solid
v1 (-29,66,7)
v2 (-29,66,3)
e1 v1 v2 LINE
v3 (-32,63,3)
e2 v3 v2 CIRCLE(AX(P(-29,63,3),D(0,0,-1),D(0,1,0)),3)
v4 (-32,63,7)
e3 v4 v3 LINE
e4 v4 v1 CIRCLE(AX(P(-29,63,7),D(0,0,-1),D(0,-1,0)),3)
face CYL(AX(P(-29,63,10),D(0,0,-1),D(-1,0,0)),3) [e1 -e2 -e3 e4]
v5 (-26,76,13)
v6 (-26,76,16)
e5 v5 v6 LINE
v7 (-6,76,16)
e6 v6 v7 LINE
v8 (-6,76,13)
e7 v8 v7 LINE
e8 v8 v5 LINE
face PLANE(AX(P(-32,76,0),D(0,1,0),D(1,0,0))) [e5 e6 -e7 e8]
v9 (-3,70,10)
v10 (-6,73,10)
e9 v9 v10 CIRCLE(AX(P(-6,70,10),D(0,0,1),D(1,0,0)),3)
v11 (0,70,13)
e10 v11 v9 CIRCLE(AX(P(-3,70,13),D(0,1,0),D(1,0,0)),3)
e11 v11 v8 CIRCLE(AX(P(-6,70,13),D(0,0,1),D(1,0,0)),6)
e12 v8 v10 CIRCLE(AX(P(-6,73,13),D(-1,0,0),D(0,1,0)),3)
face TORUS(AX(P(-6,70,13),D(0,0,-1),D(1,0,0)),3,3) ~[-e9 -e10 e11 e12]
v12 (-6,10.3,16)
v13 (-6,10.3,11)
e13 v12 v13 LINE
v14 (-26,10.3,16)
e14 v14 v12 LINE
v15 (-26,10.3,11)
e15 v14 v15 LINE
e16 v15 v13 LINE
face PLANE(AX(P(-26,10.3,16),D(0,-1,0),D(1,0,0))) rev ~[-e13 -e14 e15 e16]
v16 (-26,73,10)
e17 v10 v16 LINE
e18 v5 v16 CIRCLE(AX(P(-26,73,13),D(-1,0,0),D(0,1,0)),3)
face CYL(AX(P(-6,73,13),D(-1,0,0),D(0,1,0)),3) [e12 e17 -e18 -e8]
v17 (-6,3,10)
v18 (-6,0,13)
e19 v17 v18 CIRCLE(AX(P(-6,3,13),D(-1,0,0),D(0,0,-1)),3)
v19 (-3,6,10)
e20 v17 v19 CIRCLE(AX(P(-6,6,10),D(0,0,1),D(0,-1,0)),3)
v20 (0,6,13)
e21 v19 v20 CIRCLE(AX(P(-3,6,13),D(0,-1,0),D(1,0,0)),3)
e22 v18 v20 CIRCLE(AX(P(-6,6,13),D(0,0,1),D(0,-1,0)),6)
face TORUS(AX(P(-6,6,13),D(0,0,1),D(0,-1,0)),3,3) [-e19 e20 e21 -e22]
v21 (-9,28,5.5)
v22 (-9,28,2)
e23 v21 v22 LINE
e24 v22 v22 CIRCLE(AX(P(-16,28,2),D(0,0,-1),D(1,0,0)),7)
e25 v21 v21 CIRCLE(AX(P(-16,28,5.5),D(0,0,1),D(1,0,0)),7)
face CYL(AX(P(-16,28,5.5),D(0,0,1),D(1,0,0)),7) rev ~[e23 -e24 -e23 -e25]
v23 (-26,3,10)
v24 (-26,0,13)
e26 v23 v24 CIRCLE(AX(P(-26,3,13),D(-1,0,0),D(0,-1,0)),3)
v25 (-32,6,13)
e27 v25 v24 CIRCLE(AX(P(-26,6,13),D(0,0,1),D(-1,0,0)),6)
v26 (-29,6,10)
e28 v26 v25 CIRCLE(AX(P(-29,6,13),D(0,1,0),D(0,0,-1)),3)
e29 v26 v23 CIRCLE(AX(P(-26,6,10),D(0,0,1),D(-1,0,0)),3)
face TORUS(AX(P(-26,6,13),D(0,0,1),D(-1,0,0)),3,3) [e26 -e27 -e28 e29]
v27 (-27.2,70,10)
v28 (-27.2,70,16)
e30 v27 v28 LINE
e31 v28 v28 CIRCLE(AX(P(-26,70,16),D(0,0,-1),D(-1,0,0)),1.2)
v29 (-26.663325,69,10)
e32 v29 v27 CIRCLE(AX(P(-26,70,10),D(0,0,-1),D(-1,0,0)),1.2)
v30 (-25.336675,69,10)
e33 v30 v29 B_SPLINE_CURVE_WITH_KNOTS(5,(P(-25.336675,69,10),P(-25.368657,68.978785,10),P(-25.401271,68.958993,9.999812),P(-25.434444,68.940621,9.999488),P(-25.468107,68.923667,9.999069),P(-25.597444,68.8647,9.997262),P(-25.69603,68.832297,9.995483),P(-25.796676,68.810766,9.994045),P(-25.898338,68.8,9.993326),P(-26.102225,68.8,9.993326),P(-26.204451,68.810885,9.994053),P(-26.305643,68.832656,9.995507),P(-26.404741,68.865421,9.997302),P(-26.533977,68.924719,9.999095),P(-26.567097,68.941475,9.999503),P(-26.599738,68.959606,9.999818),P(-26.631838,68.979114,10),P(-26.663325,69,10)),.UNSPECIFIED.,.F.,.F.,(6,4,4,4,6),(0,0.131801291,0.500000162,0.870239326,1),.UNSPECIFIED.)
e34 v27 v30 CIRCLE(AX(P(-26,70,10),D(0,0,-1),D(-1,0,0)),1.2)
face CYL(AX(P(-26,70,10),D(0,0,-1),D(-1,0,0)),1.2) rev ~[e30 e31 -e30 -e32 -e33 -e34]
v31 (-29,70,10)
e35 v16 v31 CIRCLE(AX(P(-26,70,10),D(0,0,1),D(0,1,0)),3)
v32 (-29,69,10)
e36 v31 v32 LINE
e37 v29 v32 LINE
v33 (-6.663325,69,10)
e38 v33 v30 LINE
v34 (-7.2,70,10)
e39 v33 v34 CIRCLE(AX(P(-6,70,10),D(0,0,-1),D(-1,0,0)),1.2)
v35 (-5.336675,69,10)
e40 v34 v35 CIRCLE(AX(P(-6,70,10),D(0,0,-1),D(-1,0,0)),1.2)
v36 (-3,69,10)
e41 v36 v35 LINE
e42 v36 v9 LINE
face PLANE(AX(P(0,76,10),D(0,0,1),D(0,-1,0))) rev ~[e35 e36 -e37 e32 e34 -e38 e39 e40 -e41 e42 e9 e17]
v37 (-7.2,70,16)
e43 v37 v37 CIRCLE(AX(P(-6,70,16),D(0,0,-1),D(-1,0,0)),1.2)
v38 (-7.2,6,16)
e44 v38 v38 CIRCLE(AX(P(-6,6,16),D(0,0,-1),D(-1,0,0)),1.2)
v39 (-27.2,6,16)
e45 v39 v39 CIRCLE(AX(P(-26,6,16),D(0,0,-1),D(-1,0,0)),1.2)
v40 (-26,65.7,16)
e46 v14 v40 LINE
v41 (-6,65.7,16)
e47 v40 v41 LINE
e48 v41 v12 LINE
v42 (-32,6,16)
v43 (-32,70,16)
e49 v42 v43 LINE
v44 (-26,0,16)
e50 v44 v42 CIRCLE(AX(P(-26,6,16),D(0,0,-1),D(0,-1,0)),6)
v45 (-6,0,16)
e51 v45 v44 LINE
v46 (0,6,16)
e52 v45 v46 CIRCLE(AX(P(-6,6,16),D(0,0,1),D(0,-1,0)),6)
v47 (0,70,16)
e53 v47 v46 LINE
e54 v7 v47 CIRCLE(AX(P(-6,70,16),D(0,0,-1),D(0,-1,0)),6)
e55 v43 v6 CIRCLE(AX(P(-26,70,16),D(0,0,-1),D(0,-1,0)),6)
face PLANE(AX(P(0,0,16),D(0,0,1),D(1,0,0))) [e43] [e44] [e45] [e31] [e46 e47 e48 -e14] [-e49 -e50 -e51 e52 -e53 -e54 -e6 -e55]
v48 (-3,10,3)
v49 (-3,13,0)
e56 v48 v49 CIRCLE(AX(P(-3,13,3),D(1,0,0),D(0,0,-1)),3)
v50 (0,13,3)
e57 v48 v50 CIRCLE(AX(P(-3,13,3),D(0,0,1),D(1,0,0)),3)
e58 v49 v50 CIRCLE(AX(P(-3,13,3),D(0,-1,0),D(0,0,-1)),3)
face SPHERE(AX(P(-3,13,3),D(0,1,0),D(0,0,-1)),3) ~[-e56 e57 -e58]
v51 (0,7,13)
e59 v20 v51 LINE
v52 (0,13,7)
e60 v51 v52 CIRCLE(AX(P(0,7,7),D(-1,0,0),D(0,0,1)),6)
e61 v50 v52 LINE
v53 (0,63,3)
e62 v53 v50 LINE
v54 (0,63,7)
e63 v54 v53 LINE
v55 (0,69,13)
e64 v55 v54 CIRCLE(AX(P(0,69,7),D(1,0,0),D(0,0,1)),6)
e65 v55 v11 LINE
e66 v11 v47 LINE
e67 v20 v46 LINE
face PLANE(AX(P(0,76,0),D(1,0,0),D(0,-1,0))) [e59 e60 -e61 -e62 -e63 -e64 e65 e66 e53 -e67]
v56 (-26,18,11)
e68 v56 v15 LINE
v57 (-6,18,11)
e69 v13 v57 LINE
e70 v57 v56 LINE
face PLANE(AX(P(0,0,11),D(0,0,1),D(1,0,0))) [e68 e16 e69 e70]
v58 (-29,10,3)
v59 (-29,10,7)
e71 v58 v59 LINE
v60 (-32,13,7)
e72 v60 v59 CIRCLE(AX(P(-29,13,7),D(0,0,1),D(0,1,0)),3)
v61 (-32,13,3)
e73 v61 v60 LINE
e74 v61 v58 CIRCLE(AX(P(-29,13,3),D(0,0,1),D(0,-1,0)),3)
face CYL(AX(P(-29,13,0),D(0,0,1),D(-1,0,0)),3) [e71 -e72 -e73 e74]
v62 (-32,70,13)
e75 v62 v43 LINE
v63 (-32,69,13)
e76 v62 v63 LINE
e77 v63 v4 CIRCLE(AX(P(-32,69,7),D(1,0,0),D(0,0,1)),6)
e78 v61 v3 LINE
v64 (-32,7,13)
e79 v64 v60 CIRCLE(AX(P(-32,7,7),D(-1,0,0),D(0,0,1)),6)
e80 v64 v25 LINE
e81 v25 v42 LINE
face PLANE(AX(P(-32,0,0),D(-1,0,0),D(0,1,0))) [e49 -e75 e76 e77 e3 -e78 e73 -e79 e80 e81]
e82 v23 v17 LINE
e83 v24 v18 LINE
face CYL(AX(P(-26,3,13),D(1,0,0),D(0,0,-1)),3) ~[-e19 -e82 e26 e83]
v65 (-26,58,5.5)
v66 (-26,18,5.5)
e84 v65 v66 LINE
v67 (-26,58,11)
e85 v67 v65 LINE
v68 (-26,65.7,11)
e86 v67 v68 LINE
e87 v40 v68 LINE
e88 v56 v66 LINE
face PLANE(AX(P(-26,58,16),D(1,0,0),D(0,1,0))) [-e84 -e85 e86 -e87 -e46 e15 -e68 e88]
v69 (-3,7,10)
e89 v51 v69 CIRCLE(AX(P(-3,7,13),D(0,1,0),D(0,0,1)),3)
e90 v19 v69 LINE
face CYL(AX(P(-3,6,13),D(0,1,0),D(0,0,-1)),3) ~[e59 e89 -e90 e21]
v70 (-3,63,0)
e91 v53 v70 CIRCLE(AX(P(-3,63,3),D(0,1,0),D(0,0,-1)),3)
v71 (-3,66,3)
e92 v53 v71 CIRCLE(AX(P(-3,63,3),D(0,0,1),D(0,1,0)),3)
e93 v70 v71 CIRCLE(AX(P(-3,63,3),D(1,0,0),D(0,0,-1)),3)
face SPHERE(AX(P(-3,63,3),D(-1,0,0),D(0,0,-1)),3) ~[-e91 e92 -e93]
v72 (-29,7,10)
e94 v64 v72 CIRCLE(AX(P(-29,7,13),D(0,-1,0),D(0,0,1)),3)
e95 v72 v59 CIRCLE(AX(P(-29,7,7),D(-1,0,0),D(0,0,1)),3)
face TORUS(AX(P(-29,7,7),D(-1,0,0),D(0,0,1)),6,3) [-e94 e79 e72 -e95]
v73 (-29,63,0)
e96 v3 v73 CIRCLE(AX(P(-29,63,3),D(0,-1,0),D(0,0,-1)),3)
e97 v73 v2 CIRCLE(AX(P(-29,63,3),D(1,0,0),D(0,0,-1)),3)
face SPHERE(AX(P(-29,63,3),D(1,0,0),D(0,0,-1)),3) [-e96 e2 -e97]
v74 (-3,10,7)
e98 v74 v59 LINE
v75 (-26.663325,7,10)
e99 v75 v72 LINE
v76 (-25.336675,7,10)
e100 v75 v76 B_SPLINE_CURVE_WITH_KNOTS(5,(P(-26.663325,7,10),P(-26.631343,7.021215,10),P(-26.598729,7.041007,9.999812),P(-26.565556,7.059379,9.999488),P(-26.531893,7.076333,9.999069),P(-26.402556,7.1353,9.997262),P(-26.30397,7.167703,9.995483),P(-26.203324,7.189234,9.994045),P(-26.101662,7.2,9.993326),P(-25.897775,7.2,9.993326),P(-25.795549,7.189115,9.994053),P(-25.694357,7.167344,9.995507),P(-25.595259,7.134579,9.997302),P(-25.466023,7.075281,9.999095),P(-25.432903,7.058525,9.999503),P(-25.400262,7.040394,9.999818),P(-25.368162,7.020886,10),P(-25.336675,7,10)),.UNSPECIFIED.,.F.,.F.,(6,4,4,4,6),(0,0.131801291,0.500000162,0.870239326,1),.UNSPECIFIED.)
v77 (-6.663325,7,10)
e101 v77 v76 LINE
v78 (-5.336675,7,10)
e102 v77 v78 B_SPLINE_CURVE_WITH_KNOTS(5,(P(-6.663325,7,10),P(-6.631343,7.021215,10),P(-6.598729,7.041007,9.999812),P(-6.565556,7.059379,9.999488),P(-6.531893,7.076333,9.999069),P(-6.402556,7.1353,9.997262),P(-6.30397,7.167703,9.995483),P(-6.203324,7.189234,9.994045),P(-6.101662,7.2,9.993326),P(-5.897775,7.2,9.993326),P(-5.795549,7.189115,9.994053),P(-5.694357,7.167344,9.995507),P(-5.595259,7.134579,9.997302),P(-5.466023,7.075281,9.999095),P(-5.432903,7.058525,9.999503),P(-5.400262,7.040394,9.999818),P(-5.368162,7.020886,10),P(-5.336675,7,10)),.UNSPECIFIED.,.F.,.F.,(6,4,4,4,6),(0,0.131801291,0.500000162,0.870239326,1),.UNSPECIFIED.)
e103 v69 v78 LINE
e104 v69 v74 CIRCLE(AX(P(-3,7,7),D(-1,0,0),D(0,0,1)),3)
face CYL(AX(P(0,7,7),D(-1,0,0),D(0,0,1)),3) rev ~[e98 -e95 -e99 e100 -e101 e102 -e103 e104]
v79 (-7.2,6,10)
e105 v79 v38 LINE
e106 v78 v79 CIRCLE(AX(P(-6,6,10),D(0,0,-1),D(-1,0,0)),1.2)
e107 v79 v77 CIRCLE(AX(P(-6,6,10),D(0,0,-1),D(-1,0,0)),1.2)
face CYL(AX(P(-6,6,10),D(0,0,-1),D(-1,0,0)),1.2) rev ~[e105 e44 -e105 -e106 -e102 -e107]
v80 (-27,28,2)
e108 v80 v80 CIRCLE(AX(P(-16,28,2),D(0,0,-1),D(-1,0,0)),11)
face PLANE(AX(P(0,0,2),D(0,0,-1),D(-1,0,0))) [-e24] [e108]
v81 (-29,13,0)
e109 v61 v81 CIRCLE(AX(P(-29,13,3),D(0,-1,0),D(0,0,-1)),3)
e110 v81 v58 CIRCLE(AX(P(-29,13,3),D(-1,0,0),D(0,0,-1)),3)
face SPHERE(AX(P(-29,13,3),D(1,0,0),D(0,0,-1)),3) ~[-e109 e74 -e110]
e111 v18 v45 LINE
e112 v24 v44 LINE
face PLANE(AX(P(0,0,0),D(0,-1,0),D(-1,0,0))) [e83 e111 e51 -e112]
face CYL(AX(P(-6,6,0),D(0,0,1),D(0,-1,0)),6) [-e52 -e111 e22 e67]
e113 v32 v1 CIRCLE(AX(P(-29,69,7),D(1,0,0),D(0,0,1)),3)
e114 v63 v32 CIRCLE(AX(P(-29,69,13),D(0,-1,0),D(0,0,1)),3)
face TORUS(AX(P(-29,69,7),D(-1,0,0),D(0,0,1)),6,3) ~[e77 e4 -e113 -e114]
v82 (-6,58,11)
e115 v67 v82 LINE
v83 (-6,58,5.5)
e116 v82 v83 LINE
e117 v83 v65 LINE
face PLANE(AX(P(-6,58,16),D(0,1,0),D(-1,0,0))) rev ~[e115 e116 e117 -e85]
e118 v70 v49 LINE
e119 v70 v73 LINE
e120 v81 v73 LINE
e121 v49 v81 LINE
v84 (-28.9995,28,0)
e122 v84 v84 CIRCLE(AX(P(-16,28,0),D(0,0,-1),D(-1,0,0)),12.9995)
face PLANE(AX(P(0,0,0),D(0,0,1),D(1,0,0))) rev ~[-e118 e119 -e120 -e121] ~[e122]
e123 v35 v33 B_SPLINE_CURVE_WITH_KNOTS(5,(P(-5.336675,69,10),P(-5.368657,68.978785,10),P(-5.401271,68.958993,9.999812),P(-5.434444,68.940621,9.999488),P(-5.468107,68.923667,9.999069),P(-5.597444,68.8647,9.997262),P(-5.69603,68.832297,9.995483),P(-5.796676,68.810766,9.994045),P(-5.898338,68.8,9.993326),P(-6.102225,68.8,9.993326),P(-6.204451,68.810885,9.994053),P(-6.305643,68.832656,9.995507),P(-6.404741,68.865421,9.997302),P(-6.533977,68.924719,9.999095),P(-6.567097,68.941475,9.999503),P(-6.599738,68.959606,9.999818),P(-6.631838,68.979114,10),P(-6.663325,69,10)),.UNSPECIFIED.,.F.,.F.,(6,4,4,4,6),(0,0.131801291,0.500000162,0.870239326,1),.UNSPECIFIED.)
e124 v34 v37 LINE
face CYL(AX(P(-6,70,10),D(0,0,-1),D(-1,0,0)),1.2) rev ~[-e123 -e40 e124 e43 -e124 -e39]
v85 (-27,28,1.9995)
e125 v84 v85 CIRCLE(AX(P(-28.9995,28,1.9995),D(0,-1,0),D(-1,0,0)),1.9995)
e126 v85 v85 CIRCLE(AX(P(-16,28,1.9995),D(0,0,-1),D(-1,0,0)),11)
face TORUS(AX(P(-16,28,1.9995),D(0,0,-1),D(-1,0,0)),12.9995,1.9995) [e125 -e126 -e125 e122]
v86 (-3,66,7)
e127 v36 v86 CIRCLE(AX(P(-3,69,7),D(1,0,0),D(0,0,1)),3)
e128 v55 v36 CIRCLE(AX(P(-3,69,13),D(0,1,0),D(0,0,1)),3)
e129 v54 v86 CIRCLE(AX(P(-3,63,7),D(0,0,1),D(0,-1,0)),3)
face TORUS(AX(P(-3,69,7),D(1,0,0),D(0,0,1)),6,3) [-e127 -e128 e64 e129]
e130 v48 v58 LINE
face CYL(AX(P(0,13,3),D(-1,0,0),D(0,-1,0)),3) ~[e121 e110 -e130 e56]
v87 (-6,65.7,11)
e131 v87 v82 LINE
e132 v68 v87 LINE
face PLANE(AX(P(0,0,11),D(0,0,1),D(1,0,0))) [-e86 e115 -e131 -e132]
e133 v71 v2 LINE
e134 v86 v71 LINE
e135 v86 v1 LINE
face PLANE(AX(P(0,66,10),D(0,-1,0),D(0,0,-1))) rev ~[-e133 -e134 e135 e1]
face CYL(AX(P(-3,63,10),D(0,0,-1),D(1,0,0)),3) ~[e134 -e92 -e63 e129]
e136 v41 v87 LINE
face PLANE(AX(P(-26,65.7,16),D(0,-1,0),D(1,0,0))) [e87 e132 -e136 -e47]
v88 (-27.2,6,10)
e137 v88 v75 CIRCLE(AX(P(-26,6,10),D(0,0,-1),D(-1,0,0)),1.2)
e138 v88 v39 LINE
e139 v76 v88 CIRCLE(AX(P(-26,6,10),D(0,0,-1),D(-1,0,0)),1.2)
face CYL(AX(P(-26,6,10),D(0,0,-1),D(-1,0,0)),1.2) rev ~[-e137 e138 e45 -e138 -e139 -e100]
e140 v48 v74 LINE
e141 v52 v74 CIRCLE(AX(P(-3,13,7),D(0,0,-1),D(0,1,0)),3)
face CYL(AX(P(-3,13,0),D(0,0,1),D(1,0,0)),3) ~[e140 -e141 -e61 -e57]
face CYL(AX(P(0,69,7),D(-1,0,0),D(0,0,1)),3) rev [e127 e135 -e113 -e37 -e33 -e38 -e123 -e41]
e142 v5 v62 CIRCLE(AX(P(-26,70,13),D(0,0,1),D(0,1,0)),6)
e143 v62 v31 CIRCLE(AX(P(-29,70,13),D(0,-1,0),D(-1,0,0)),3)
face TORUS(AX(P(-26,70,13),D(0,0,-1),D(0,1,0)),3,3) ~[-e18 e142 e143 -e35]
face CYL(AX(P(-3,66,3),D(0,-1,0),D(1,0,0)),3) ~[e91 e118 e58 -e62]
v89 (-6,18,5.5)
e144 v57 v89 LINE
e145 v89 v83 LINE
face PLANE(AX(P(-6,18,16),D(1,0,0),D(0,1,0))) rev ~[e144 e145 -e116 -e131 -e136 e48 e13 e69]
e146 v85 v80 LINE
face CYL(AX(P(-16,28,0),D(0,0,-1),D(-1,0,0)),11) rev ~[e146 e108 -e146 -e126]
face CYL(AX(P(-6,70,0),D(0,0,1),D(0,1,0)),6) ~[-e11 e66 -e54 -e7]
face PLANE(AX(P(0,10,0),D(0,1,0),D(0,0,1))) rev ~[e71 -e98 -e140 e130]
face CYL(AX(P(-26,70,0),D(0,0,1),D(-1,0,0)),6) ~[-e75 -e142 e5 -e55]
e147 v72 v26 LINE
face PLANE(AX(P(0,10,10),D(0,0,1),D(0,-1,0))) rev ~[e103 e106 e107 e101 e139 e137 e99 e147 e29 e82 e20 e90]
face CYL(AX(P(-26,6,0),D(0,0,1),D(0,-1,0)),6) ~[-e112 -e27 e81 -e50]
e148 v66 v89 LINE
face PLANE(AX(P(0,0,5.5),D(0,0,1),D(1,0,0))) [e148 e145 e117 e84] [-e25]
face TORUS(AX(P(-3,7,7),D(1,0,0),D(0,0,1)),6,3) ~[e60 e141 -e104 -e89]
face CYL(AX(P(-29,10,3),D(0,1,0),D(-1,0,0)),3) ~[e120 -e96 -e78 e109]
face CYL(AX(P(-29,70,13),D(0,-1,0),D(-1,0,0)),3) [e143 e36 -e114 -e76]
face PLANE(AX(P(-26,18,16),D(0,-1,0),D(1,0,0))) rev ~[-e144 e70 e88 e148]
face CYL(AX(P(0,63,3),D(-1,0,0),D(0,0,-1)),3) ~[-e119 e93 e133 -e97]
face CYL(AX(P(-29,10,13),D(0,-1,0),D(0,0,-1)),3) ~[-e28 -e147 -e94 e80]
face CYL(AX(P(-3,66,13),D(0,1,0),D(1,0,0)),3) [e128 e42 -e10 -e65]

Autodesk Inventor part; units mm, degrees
ref_plane "YZ Plane" through (0, 0, 0) normal (1, 0, 0) x (0, 1, 0)
ref_plane "XZ Plane" through (0, 0, 0) normal (0, 1, 0) x (-1, 0, 0)
ref_plane "XY Plane" through (0, 0, 0) normal (0, 0, 1) x (1, 0, 0)
sketch "Sketch1" plane through (0, 0, 0) normal (0, 0, 1) x (1, 0, 0)
  line L0 (0, 0) -> (-32, 0)
  line L1 (-32, 0) -> (-32, 76)
  line L2 (-32, 76) -> (0, 76)
  line L3 (0, 76) -> (0, 0)
  dimension "d0" = 32
  dimension "d1" = 76
extrude "Extrusion1" add sketch "Sketch1" along normal blind 16
fillet "Fillet1" radius 6 4 edges at (0, 76, 8) (-32, 76, 8) (0, 0, 8) (-32, 0, 8)
sketch "Sketch2" plane through (0, 0, 16) normal (0, 0, 1) x (1, 0, 0)
  line L0 (-6, 58) -> (-26, 58)
  line L1 (-26, 58) -> (-26, 18)
  line L2 (-26, 18) -> (-6, 18)
  line L3 (-6, 18) -> (-6, 58)
  line L4 (-6, 76) -> (-26, 76) projected
  line L5 (0, 6) -> (0, 70) projected
  point P0 (0, 0)
  dimension "d5" = 20
  dimension "d6" = 40
  dimension "d7" = 18
  dimension "d8" = 6
extrude "Extrusion2" cut sketch "Sketch2" against normal blind 10.5
sketch "Sketch3" plane through (0, 0, 5.5) normal (0, 0, 1) x (1, 0, 0)
  circle A0 centre (-16, 28) radius 7
  line L0 (-6, 58) -> (-6, 18) projected
  line L1 (-6, 18) -> (-26, 18) projected
  point P0 (0, 0)
  dimension "d11" = 14
  dimension "d12" = 10
  dimension "d13" = 10
extrude "Extrusion3" cut sketch "Sketch3" against normal up to surface (5.5 mm away)
sketch "Sketch4" plane through (0, 0, 16) normal (0, 0, 1) x (1, 0, 0)
  line L0 (-26, 58) -> (-6, 58) projected
  line L1 (-6, 58) -> (-26, 58)
  line L2 (-26, 58) -> (-26, 65.7)
  line L3 (-26, 65.7) -> (-6, 65.7)
  line L4 (-6, 65.7) -> (-6, 58)
  line L5 (-6, 18) -> (-26, 18) projected
  line L6 (-6, 18) -> (-26, 18)
  line L7 (-26, 18) -> (-26, 10.3)
  line L8 (-26, 10.3) -> (-6, 10.3)
  line L9 (-6, 10.3) -> (-6, 18)
  point P0 (0, 0)
  point P1 (-26, 18)
  dimension "d16" = 7.7
  dimension "d17" = 20
  dimension "d18" = 7.7
extrude "Extrusion4" cut sketch "Sketch4" against normal blind 5
sketch "Sketch5" plane through (0, 6, 0) normal (1, 0, 0) x (0, 0, -1)
  line L0 (0, -6) -> (-16, -6) projected
  line L1 (0, -6) -> (0, 4)
  line L2 (0, 0) -> (0, -6) projected
  line L3 (0, 4) -> (-10, 4)
  line L4 (-10, 4) -> (-10, -6)
  line L5 (0, 70) -> (0, 64) projected
  line L6 (0, 70) -> (-10, 70)
  line L7 (-10, 70) -> (-10, 60)
  line L8 (-10, 60) -> (0, 60)
  line L9 (0, 60) -> (0, 70)
  dimension "d21" = 10
  dimension "d22" = 10
  dimension "d23" = 10
  dimension "d24" = 10
extrude "Extrusion5" cut sketch "Sketch5" against normal up to surface (32 mm away)
fillet "Fillet2" radius 3 20 edges at (-16, 66, 0) (0, 38, 0) (-16, 10, 0) (-32, 38, 0) (0, 66, 5) (-32, 66, 5) (0, 10, 5) (-16, 66, 10) (-32, 10, 5) (-16, 10, 10) (-16, 76, 10) (-30.2426, 74.2426, 10) (-32, 68, 10) (0, 68, 10) (-1.7574, 74.2426, 10) (-1.7574, 1.7574, 10) (0, 8, 10) (-30.2426, 1.7574, 10) (-32, 8, 10) (-16, 0, 10)
sketch "Sketch6" plane through (-3, 69, 10) normal (0, 0, -1) x (-1, 0, 0)
  arc A0 (26, 1) -> (23, 4) centre (23, 1) ccw projected
  circle A1 centre (23, 1) radius 1.2
  arc A2 (3, 4) -> (0, 1) centre (3, 1) ccw projected
  circle A3 centre (3, 1) radius 1.2
  arc A4 (0, -63) -> (3, -66) centre (3, -63) ccw projected
  circle A5 centre (3, -63) radius 1.2
  arc A6 (23, -66) -> (26, -63) centre (23, -63) ccw projected
  circle A7 centre (23, -63) radius 1.2
  point P0 (-3, -69)
  dimension "d28" = 2.4
  dimension "d29" = 2.4
  dimension "d30" = 2.4
  dimension "d31" = 2.4
extrude "Extrusion6" cut sketch "Sketch6" along normal blind 5 and the other way blind 10
sketch "Sketch7" plane through (0, 0, 0) normal (0, 0, -1) x (-1, 0, 0)
  circle A0 centre (16, 28) radius 7 projected
  circle A1 centre (16, 28) radius 11
  point P0 (0, 0)
  dimension "d36" = 22
extrude "Extrusion7" cut sketch "Sketch7" against normal blind 2
fillet "Fillet3" radius 2 1 edges at (-5, 28, 0)
properties part number "ramie03-7"
